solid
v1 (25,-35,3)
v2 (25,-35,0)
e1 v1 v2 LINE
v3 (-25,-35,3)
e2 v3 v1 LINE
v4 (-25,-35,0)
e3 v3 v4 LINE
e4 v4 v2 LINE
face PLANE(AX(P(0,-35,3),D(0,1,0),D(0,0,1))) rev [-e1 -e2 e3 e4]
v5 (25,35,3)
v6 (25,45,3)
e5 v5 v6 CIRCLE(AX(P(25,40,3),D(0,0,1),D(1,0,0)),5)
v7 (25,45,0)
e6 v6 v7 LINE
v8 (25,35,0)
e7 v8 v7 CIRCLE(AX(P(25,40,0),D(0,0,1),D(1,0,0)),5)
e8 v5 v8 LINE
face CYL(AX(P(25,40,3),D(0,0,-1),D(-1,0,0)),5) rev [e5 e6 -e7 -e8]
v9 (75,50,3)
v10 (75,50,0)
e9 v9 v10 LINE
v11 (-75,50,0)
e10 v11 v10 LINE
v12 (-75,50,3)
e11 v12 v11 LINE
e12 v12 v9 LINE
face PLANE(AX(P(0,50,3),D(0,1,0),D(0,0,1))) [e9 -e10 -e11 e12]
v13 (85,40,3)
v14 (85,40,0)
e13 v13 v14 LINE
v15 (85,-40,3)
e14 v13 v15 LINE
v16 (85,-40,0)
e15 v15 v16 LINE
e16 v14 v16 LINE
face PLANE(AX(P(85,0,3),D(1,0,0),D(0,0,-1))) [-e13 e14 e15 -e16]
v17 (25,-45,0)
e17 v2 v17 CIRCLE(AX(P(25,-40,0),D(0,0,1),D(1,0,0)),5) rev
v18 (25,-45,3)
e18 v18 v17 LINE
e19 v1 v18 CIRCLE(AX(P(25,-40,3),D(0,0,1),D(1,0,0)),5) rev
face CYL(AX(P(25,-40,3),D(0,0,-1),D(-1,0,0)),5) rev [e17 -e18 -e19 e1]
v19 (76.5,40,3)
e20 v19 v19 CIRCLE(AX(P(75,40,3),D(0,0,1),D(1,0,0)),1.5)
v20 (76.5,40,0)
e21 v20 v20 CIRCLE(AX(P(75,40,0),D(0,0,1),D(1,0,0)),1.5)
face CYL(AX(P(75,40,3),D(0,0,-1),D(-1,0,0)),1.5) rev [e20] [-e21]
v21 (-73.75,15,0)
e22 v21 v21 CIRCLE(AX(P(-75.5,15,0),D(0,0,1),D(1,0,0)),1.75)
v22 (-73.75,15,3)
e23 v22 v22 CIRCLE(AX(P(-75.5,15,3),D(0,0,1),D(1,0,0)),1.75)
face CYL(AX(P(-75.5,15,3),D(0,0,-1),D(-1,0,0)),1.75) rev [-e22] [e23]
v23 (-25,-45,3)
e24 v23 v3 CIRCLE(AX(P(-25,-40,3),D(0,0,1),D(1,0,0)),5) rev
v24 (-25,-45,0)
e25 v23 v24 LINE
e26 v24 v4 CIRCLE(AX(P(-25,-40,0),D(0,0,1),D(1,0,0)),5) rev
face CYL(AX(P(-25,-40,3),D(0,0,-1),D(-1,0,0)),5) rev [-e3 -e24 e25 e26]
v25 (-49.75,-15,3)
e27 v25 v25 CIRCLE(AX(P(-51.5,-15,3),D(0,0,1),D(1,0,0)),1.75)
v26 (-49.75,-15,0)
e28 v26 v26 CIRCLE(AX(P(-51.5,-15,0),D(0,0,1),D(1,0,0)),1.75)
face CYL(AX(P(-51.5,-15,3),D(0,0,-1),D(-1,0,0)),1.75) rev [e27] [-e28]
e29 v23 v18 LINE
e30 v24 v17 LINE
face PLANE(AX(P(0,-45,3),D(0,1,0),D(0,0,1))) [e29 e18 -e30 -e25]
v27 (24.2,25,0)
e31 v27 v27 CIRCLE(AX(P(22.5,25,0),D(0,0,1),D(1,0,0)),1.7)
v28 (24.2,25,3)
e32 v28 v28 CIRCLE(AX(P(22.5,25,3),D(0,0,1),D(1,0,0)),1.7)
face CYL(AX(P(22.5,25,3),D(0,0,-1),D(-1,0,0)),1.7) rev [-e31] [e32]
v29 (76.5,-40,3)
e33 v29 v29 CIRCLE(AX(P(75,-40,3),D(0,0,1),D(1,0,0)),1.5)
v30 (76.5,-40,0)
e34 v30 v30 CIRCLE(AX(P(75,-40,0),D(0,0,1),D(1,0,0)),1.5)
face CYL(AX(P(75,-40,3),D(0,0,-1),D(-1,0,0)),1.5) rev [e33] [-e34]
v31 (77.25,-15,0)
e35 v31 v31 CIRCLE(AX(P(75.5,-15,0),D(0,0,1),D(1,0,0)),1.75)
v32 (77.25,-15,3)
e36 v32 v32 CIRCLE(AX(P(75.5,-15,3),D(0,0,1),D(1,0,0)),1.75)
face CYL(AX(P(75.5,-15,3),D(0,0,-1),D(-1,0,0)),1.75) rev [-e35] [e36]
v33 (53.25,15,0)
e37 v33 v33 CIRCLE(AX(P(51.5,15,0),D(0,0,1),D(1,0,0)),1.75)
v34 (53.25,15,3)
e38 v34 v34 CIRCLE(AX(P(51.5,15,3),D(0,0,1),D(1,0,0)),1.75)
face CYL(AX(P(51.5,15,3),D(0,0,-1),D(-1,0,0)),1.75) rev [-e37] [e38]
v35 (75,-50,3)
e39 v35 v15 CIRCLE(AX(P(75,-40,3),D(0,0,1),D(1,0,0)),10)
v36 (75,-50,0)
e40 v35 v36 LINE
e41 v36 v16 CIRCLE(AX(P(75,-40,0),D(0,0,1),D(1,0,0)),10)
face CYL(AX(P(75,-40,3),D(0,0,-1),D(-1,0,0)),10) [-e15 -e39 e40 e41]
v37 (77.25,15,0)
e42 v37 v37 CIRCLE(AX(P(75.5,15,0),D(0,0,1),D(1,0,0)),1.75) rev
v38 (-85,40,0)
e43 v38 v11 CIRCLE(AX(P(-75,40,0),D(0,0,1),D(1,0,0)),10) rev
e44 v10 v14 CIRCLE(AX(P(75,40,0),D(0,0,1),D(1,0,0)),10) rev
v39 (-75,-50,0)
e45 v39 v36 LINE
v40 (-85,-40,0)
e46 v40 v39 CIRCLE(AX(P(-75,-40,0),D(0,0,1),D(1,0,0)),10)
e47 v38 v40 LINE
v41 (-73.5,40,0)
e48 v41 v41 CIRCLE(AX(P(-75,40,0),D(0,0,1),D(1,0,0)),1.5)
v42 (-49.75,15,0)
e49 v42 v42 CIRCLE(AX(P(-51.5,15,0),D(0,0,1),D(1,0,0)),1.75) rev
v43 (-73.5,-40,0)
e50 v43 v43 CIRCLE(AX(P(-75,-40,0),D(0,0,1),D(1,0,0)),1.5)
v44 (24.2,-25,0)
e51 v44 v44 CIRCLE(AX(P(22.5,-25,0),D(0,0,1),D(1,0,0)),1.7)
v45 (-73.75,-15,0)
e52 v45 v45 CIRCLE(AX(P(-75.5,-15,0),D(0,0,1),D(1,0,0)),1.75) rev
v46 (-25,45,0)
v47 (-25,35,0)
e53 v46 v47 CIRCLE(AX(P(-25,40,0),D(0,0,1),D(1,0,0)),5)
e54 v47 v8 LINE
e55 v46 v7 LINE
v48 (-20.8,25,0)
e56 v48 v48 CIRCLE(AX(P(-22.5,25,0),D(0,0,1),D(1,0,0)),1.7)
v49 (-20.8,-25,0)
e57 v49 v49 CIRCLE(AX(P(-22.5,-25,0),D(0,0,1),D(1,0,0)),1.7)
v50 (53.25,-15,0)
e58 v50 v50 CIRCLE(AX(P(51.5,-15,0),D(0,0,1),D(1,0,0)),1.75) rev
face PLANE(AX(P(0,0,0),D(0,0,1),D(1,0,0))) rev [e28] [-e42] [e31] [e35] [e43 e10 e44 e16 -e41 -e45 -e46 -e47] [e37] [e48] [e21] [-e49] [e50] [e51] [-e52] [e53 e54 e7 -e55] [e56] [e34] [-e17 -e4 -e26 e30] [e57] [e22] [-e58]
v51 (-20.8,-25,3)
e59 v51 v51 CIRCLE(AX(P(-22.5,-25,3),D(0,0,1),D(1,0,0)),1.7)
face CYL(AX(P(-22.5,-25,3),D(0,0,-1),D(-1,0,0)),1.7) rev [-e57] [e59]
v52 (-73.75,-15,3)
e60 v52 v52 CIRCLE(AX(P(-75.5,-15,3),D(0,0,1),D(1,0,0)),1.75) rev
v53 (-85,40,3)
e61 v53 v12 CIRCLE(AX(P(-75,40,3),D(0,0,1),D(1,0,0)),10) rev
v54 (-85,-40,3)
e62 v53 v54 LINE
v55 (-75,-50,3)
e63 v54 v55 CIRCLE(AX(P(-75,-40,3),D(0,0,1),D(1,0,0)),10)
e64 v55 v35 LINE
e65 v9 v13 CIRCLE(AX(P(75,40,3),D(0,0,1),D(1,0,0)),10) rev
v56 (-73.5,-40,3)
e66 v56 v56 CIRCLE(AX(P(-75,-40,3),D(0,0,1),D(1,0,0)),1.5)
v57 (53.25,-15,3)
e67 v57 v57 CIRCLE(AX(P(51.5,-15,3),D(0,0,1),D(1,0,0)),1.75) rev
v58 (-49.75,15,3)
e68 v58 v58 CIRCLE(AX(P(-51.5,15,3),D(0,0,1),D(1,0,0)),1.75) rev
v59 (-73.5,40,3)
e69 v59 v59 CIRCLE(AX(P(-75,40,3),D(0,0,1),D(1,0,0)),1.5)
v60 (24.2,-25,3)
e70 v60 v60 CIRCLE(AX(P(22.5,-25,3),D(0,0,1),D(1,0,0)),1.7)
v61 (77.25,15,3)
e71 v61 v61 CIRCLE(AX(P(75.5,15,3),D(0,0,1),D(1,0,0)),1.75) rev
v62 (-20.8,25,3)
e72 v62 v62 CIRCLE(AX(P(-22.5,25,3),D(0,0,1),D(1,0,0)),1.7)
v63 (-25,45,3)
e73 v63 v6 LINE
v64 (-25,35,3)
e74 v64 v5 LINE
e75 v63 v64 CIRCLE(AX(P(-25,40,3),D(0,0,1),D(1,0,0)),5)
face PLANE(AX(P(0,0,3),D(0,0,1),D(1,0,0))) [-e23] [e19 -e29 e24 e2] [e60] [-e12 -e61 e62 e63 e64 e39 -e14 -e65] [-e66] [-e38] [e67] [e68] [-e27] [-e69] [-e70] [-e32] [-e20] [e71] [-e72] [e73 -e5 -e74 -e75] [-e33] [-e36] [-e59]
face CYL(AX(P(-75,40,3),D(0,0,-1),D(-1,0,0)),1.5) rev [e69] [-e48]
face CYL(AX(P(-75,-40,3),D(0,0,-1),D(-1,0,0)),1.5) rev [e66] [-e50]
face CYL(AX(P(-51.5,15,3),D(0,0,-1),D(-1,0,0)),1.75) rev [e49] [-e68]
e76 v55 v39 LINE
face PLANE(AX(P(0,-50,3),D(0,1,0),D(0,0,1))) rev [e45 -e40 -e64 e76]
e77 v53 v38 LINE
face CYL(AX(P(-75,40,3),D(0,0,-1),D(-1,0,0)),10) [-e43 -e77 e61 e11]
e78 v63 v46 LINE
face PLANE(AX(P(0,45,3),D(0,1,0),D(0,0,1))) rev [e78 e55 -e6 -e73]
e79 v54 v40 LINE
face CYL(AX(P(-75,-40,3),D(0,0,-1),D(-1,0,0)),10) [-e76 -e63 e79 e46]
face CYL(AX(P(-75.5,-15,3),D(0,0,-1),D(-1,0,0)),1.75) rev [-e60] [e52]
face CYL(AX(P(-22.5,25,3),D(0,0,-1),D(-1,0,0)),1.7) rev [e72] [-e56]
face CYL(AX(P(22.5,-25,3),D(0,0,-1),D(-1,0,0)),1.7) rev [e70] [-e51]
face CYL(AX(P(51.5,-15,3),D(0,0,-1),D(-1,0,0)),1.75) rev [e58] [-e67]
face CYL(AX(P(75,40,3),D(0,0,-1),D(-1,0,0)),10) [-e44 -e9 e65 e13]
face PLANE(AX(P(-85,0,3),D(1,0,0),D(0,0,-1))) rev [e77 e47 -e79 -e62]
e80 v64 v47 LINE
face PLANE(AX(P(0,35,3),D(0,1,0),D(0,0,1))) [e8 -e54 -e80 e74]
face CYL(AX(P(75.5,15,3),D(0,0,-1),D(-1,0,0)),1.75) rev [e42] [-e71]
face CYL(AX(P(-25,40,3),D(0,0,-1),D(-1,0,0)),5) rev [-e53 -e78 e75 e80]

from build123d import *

# Parameters (mm, degrees)
SKETCH1_R           = 1.75
SKETCH1_R_2         = 1.5
SKETCH1_R_3         = 1.7
BOSS_EXTRUDE1_DEPTH = 3


with BuildPart() as part:
    # Sketch1 → Boss-Extrude1 (new body)
    with BuildSketch(Plane.XY):
        with BuildLine():
            Line((-75, 50), (75, 50))
            ThreePointArc((75, 50), (82.071067812, 47.071067812), (85, 40))
            Line((85, 40), (85, -40))
            ThreePointArc((85, -40), (82.071067812, -47.071067812), (75, -50))
            Line((75, -50), (-75, -50))
            ThreePointArc((-75, -50), (-82.071067812, -47.071067812), (-85, -40))
            Line((-85, -40), (-85, 40))
            ThreePointArc((-85, 40), (-82.071067812, 47.071067812), (-75, 50))
        make_face()
        with Locations((-75.5, 15)):
            Circle(SKETCH1_R, mode=Mode.SUBTRACT)
        with Locations((-75.5, -15)):
            Circle(SKETCH1_R, mode=Mode.SUBTRACT)
        with Locations((-51.5, -15)):
            Circle(SKETCH1_R, mode=Mode.SUBTRACT)
        with Locations((-51.5, 15)):
            Circle(SKETCH1_R, mode=Mode.SUBTRACT)
        with Locations((75.5, -15)):
            Circle(SKETCH1_R, mode=Mode.SUBTRACT)
        with Locations((51.5, -15)):
            Circle(SKETCH1_R, mode=Mode.SUBTRACT)
        with Locations((51.5, 15)):
            Circle(SKETCH1_R, mode=Mode.SUBTRACT)
        with Locations((75.5, 15)):
            Circle(SKETCH1_R, mode=Mode.SUBTRACT)
        with Locations((-75, -40)):
            Circle(SKETCH1_R_2, mode=Mode.SUBTRACT)
        with Locations((-75, 40)):
            Circle(SKETCH1_R_2, mode=Mode.SUBTRACT)
        with Locations((75, 40)):
            Circle(SKETCH1_R_2, mode=Mode.SUBTRACT)
        with Locations((75, -40)):
            Circle(SKETCH1_R_2, mode=Mode.SUBTRACT)
        with Locations((-22.5, 25)):
            Circle(SKETCH1_R_3, mode=Mode.SUBTRACT)
        with Locations((22.5, 25)):
            Circle(SKETCH1_R_3, mode=Mode.SUBTRACT)
        with Locations((22.5, -25)):
            Circle(SKETCH1_R_3, mode=Mode.SUBTRACT)
        with Locations((-22.5, -25)):
            Circle(SKETCH1_R_3, mode=Mode.SUBTRACT)
        with BuildLine():
            Line((-25, 45), (25, 45))
            ThreePointArc((25, 45), (30, 40), (25, 35))
            Line((25, 35), (-25, 35))
            ThreePointArc((-25, 35), (-30, 40), (-25, 45))
        make_face(mode=Mode.SUBTRACT)
        with BuildLine():
            Line((-25, -45), (25, -45))
            ThreePointArc((25, -45), (30, -40), (25, -35))
            Line((25, -35), (-25, -35))
            ThreePointArc((-25, -35), (-30, -40), (-25, -45))
        make_face(mode=Mode.SUBTRACT)
    extrude(amount=BOSS_EXTRUDE1_DEPTH)


solid = part.part
